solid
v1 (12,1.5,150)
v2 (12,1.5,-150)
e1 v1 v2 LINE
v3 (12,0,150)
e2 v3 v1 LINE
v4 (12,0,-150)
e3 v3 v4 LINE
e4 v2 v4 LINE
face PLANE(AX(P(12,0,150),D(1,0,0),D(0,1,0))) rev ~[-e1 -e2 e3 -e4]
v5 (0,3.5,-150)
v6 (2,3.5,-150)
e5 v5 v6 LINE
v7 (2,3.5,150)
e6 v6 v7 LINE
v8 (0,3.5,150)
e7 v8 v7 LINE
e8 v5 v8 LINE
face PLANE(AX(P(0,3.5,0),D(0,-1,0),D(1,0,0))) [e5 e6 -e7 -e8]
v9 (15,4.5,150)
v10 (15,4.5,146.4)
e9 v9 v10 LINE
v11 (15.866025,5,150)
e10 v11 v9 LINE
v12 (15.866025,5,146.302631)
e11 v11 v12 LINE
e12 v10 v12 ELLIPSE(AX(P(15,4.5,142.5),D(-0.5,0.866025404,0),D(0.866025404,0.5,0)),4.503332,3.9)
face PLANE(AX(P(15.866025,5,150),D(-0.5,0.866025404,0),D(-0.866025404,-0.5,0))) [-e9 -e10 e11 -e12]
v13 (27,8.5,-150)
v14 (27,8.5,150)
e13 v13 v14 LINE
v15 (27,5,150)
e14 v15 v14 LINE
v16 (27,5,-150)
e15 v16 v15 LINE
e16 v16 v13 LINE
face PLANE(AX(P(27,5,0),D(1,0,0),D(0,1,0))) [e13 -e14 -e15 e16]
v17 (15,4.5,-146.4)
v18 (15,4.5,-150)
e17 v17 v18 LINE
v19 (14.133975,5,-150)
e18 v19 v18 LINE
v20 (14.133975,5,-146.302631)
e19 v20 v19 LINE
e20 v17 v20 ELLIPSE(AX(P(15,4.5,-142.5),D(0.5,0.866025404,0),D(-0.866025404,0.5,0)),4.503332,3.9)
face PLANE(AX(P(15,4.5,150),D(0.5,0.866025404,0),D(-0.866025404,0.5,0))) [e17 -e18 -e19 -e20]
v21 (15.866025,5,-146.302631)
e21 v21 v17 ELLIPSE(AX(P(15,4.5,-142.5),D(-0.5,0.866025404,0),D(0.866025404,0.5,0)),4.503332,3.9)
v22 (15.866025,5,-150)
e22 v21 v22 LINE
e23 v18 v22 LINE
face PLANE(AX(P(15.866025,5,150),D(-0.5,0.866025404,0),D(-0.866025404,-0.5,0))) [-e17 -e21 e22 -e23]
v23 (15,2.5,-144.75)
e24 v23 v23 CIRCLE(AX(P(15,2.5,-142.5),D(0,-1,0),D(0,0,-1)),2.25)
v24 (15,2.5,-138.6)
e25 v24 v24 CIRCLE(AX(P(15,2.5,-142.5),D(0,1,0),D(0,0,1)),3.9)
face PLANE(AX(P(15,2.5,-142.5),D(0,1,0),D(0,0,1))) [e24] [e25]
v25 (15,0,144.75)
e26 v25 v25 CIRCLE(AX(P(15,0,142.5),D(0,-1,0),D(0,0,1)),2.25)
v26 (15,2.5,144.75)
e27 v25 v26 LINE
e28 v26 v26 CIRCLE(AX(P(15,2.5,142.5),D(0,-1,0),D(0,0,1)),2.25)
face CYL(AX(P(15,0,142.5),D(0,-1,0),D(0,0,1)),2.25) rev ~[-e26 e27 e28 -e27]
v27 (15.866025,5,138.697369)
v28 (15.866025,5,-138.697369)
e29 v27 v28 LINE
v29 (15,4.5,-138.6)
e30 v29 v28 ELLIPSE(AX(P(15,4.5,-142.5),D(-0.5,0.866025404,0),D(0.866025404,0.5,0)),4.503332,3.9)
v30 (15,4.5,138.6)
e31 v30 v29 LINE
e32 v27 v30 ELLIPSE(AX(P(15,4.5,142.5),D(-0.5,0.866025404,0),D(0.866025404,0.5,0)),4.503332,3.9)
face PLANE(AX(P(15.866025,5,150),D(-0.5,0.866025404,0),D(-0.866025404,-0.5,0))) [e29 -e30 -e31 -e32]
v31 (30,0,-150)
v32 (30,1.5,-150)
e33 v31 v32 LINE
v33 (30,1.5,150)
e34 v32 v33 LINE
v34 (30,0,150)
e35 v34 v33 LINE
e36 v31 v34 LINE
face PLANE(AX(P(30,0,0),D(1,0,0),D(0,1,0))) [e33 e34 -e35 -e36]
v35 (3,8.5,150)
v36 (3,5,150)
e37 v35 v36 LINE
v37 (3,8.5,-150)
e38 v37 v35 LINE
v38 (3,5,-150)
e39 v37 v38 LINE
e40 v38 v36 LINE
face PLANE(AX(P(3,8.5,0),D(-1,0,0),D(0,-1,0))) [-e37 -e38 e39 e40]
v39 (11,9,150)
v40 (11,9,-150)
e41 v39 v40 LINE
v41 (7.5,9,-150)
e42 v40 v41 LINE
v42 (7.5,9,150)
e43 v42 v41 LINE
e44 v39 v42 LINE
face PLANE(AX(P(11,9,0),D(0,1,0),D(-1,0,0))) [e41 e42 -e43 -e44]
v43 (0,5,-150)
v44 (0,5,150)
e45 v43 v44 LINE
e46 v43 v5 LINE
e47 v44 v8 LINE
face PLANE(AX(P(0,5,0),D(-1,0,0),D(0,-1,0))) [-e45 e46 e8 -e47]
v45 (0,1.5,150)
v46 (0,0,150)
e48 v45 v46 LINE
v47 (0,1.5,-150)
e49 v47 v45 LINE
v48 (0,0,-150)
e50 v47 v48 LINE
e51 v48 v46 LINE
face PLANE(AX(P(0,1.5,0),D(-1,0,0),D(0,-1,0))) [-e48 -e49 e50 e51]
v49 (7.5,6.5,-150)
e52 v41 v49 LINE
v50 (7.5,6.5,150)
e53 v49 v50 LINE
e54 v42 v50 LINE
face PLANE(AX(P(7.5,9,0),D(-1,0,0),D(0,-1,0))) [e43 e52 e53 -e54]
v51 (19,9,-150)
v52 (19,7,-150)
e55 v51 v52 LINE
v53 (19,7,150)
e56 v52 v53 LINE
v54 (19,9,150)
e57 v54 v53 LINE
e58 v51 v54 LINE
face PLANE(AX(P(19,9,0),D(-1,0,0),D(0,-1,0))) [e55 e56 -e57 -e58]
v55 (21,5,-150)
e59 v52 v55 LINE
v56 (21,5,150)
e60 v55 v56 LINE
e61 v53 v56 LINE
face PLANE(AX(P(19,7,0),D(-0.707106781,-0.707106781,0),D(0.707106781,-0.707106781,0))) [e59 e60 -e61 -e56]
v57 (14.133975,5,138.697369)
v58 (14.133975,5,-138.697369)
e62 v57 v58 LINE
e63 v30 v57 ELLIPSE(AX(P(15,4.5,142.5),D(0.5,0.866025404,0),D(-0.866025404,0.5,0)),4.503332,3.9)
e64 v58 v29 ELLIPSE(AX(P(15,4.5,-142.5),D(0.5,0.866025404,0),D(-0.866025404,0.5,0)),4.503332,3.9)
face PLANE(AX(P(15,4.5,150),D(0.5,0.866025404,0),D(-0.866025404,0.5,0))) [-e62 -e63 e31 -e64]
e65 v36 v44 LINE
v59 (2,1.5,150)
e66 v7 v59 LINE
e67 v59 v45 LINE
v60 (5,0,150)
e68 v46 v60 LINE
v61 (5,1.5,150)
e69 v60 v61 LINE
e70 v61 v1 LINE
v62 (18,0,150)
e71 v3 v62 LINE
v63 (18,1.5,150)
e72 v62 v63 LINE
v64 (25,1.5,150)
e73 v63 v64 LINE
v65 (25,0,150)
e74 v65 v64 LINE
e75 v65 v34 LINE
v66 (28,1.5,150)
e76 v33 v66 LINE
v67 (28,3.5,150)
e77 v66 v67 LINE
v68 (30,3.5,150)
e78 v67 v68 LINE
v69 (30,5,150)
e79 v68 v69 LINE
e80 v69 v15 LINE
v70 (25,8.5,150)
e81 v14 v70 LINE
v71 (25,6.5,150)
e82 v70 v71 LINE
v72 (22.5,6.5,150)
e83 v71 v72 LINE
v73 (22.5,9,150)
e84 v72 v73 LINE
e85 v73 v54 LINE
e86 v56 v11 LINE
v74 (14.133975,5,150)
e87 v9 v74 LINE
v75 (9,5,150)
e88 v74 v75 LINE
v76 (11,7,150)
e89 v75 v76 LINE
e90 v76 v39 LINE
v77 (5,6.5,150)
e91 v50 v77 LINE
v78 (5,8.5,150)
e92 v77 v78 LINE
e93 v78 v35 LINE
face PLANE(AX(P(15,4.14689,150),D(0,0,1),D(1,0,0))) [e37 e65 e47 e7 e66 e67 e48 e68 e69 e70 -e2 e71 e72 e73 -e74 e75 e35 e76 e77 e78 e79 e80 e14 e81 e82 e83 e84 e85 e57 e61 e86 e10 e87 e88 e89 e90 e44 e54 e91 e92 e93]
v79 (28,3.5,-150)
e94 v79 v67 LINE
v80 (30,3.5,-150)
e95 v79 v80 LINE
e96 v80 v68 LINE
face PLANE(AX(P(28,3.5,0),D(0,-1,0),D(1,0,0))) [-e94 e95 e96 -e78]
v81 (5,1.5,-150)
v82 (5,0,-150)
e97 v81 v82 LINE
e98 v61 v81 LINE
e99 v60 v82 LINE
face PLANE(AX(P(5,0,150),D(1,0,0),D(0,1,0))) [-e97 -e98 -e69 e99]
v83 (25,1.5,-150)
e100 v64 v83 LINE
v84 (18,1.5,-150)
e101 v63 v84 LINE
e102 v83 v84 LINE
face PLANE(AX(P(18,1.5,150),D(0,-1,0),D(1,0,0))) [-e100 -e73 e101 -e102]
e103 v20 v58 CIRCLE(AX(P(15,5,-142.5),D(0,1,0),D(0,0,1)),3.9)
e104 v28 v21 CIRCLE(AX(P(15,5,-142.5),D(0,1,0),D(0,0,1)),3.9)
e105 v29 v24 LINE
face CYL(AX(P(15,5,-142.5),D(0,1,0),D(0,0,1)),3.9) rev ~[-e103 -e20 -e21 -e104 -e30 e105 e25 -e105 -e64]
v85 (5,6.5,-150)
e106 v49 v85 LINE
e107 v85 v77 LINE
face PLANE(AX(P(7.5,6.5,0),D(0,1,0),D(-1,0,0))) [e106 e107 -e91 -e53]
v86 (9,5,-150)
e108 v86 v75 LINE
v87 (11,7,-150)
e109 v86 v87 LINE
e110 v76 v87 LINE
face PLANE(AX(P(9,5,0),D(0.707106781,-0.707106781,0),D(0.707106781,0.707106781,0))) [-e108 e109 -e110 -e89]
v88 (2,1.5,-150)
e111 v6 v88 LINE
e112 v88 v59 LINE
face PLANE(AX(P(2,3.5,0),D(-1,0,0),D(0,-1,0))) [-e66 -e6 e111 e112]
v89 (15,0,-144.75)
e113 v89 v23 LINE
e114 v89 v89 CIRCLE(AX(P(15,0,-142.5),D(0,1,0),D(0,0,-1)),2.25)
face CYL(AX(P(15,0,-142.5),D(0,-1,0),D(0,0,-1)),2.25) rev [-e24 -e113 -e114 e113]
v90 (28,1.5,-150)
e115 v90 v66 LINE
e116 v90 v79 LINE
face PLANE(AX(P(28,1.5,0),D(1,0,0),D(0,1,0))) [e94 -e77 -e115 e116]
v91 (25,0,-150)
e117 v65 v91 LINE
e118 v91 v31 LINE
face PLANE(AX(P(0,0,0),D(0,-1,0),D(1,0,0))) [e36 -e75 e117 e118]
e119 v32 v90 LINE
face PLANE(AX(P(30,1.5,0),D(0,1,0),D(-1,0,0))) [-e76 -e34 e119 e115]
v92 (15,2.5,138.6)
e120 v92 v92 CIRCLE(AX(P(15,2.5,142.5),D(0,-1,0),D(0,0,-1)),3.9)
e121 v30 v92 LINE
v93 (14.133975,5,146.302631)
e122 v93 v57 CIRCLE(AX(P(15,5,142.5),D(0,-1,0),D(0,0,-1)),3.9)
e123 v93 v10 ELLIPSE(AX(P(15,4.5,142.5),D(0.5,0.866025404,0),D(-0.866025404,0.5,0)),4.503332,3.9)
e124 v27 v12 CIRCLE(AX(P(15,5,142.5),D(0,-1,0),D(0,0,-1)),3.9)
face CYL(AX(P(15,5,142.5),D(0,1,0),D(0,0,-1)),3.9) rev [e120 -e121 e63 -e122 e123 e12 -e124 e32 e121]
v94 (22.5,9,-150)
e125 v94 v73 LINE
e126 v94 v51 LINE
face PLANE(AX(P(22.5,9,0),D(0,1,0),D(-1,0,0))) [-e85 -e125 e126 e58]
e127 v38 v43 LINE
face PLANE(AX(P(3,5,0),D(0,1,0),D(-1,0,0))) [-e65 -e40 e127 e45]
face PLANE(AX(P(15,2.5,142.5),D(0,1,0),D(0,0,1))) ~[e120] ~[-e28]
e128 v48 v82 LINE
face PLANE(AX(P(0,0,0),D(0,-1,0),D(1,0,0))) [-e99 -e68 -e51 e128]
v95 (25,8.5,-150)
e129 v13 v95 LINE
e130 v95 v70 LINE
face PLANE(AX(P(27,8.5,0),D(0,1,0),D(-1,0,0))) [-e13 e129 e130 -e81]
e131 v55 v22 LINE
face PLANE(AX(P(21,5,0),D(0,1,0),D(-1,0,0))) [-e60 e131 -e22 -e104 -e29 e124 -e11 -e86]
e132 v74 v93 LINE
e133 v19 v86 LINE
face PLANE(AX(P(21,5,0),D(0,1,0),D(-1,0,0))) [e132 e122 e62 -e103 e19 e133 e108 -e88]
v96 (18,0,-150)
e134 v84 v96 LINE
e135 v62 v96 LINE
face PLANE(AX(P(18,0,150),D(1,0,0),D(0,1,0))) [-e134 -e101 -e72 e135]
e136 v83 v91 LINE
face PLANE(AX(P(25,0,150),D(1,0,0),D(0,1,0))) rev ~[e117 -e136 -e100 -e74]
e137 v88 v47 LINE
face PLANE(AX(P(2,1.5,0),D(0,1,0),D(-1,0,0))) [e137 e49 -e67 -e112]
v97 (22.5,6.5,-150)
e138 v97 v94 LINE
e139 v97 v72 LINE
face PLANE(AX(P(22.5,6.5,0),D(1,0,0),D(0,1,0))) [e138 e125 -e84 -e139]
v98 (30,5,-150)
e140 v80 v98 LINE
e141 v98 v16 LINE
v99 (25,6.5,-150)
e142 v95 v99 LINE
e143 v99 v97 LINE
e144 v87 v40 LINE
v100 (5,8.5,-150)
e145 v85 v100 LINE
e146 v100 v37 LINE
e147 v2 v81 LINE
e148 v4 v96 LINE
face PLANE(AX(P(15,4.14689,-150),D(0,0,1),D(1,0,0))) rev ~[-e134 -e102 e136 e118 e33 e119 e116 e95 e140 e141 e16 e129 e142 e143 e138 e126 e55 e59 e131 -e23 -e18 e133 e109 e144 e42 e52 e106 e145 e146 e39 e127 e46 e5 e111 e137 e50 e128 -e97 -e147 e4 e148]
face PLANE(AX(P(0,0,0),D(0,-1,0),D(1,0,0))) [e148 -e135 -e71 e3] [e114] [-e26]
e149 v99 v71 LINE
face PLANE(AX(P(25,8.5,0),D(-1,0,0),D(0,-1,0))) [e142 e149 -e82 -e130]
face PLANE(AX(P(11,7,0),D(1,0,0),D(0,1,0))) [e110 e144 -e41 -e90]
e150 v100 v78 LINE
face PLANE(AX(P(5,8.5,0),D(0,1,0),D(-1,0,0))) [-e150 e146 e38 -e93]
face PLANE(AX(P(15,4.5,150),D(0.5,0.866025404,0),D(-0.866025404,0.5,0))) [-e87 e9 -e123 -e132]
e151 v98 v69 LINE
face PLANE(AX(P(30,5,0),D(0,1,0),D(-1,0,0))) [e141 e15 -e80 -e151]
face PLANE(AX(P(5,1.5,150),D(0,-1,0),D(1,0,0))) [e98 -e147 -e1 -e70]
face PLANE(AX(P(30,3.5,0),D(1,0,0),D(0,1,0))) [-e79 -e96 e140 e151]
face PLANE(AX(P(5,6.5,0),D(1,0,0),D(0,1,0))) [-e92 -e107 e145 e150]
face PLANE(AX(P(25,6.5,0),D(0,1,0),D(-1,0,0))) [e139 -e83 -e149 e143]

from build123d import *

# Parameters (mm, degrees)
EXTRUDE_1_DEPTH     = 150
CUT_EXTRUDE_2_REACH = 302
SKETCH_3_W          = 7
SKETCH_3_H          = 1.5
CUT_EXTRUDE_START   = -5
SKETCH_4_R          = 2.25
CUT_EXTRUDE_3_DEPTH = 5
SKETCH_5_R          = 3.9
CUT_EXTRUDE_4_DEPTH = 2.5


with BuildPart() as part:
    # 草图1 → 凸台-拉伸1 (new body, symmetric)
    with BuildSketch(Plane.XY):
        Polygon((7.5, 9), (7.5, 6.5), (5, 6.5), (5, 8.5), (3, 8.5), (3, 5), (0, 5), (0, 3.5), (2, 3.5), (2, 1.5), (0, 1.5), (0, 0), (30, 0), (30, 1.5), (28, 1.5), (28, 3.5), (30, 3.5), (30, 5), (27, 5), (27, 8.5), (25, 8.5), (25, 6.5), (22.5, 6.5), (22.5, 9), (19, 9), (19, 7), (21, 5), (9, 5), (11, 7), (11, 9), align=None)
    extrude(amount=EXTRUDE_1_DEPTH, both=True)

    # 草图3 → 切除-拉伸2 (cut, up to next)
    with BuildSketch(Plane.XY.offset(150), mode=Mode.PRIVATE) as cut_extrude_2_sk1:
        with Locations((8.5, 0.75)):
            Rectangle(SKETCH_3_W, SKETCH_3_H)
    cut_extrude_2_tool1 = extrude(cut_extrude_2_sk1.sketch, amount=-CUT_EXTRUDE_2_REACH, mode=Mode.PRIVATE) & part.part
    add(cut_extrude_2_tool1.solids().sort_by_distance((8.5, 0.75, 150))[0], mode=Mode.SUBTRACT)
    # 草图3 → 切除-拉伸2 (cut, up to next)
    with BuildSketch(Plane.XY.offset(150), mode=Mode.PRIVATE) as cut_extrude_2_sk2:
        with Locations((21.5, 0.75)):
            Rectangle(SKETCH_3_W, SKETCH_3_H)
    cut_extrude_2_tool2 = extrude(cut_extrude_2_sk2.sketch, amount=-CUT_EXTRUDE_2_REACH, mode=Mode.PRIVATE) & part.part
    add(cut_extrude_2_tool2.solids().sort_by_distance((21.5, 0.75, 150))[0], mode=Mode.SUBTRACT)
    # 草图3 → 切除-拉伸2 (cut, up to next)
    with BuildSketch(Plane.XY.offset(150), mode=Mode.PRIVATE) as cut_extrude_2_sk3:
        Polygon((14.133974596, 5), (15.866025404, 5), (15, 4.5), align=None)
    cut_extrude_2_tool3 = extrude(cut_extrude_2_sk3.sketch, amount=-CUT_EXTRUDE_2_REACH, mode=Mode.PRIVATE) & part.part
    add(cut_extrude_2_tool3.solids().sort_by_distance((15, 4.833333, 150))[0], mode=Mode.SUBTRACT)

    # 草图4 → 切除-拉伸3 (cut)
    with BuildSketch(Plane(origin=(0, 5, 0), x_dir=(1, 0, 0), z_dir=(0, 1, 0)).offset(CUT_EXTRUDE_START)):
        with Locations(Location((15, 142.5, 0), (0, 0, 90))):  # turned: the seam where the file's is
            Circle(SKETCH_4_R)
    cut_extrude_3 = extrude(amount=CUT_EXTRUDE_3_DEPTH, mode=Mode.SUBTRACT)

    # 草图5 → 切除-拉伸4 (cut)
    with BuildSketch(Plane(origin=(0, 5, 0), x_dir=(1, 0, 0), z_dir=(0, 1, 0))):
        with Locations(Location((15, 142.5, 0), (0, 0, 270))):  # turned: the seam where the file's is
            Circle(SKETCH_5_R)
    cut_extrude_4 = extrude(amount=-CUT_EXTRUDE_4_DEPTH, mode=Mode.SUBTRACT)

    # 镜向1: 切除-拉伸3, 切除-拉伸4 across plane
    add(cut_extrude_3.mirror(Plane.XY), mode=Mode.SUBTRACT)
    add(cut_extrude_4.mirror(Plane.XY), mode=Mode.SUBTRACT)


solid = part.part
